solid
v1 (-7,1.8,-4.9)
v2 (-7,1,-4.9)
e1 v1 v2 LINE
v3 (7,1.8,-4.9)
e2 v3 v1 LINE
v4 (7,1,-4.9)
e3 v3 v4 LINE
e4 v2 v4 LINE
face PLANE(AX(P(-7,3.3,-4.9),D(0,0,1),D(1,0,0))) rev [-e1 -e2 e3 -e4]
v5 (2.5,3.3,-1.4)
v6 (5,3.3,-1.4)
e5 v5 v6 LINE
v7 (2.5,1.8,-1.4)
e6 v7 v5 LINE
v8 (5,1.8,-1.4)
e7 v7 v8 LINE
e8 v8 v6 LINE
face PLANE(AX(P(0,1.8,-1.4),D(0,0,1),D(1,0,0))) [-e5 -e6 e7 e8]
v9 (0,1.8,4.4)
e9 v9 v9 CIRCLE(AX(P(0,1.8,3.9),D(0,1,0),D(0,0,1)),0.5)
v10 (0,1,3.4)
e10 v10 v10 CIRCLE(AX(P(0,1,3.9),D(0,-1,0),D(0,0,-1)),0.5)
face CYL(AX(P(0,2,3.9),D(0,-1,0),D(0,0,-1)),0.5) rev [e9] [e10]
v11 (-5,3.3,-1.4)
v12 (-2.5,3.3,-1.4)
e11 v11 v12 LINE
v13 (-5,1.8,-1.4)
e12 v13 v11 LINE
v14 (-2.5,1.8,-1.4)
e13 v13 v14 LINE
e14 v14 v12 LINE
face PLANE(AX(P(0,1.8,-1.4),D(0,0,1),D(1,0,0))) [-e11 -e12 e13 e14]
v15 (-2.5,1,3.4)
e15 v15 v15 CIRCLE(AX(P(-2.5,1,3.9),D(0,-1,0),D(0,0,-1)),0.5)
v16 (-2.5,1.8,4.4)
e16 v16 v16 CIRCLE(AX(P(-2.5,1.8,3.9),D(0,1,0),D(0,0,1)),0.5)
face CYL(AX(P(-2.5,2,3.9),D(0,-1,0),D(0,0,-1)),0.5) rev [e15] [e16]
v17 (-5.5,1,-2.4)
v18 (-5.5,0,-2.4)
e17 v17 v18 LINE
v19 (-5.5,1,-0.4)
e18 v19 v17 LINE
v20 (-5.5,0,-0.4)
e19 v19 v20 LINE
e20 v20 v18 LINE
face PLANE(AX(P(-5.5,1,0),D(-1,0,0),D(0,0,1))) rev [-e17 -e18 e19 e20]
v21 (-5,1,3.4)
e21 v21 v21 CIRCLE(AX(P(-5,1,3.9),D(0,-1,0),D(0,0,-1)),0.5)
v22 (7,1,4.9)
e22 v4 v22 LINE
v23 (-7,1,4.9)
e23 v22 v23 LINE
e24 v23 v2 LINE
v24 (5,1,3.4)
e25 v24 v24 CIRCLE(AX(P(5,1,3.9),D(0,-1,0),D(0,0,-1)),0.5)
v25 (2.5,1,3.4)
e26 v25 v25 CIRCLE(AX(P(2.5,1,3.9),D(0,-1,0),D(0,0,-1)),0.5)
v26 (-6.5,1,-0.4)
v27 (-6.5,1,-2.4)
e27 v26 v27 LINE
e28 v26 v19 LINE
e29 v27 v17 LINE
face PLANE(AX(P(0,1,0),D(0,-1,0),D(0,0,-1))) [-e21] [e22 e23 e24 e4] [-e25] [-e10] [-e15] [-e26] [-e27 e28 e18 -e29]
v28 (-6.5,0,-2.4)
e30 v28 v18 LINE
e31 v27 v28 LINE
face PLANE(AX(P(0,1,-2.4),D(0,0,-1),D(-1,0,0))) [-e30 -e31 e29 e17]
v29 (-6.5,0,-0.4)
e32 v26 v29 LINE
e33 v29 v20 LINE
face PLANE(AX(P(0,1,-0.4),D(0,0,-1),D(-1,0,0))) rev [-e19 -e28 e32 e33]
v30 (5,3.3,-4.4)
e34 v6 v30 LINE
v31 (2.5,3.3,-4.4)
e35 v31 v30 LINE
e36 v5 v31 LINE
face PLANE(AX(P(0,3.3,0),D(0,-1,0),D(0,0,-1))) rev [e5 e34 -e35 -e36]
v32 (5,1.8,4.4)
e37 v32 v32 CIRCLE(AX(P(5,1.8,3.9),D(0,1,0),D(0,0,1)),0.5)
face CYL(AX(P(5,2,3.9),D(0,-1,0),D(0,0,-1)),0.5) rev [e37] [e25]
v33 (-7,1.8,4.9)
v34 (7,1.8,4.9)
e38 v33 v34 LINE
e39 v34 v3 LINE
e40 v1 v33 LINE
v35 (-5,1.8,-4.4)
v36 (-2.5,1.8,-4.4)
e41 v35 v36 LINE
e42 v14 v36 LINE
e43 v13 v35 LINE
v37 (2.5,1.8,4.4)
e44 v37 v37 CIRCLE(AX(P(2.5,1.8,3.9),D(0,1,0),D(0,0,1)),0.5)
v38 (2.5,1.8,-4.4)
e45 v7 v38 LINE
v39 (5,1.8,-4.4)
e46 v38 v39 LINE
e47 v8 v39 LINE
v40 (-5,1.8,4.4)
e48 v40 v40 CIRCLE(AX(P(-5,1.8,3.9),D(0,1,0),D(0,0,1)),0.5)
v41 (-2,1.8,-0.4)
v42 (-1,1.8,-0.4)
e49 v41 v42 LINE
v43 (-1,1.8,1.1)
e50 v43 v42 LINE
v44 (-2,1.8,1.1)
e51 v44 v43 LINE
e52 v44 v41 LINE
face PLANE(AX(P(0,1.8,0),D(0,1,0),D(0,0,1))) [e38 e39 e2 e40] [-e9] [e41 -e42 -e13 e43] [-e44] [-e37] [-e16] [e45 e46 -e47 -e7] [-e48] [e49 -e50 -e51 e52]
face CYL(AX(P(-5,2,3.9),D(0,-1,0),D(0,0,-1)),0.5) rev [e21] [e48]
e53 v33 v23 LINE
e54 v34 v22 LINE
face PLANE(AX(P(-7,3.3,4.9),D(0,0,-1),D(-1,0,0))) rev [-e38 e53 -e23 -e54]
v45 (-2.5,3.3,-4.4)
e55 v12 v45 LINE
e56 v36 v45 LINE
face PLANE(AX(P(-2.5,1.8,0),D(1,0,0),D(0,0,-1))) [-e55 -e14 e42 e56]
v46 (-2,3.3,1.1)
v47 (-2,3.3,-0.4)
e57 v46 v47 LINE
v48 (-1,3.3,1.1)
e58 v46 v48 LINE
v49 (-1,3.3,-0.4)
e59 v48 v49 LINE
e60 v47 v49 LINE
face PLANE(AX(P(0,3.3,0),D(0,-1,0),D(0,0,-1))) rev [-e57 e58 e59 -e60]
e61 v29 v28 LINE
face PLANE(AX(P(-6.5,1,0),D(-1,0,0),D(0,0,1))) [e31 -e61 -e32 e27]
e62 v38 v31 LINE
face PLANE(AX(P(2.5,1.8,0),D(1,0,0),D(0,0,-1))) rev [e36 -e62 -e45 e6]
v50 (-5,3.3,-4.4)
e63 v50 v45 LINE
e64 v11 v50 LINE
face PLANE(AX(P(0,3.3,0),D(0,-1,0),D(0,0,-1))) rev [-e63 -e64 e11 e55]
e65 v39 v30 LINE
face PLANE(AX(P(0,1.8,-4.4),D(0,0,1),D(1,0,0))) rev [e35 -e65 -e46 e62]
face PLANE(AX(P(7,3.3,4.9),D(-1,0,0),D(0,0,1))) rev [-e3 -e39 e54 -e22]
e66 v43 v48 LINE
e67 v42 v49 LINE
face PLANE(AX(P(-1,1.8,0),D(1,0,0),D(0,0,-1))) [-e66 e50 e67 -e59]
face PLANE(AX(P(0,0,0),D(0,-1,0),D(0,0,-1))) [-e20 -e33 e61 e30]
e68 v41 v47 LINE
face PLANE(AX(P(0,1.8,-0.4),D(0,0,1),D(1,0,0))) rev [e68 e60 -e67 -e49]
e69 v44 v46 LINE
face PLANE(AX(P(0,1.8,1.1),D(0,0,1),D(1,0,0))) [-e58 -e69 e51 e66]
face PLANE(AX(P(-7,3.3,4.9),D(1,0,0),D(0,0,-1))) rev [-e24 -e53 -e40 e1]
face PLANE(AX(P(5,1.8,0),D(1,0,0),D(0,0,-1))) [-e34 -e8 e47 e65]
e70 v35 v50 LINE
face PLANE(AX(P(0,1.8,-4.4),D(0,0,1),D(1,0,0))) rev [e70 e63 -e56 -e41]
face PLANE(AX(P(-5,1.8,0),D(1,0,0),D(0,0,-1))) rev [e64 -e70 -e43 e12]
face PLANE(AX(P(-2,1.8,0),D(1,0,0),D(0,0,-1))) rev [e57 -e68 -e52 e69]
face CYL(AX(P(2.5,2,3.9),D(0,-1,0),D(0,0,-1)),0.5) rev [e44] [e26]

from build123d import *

# Parameters (mm, degrees)
SKETCH1_W           = 14
SKETCH1_H           = 9.8
BOSS_EXTRUDE1_DEPTH = 3.3
SKETCH2_W           = 14
SKETCH2_H           = 9.8
SKETCH2_W_2         = 2.5
SKETCH2_H_2         = 3
SKETCH2_W_3         = 1
SKETCH2_H_3         = 1.5
CUT_EXTRUDE1_DEPTH  = 1.5
SKETCH3_W           = 14
SKETCH3_H           = 9.8
SKETCH3_W_2         = 1
SKETCH3_H_2         = 2
CUT_EXTRUDE2_DEPTH  = 1
SKETCH4_R           = 0.5
CUT_EXTRUDE3_DEPTH  = 1


with BuildPart() as part:
    # Sketch1 → Boss-Extrude1 (new body)
    with BuildSketch(Plane(origin=(0, 0, 0), x_dir=(1, 0, 0), z_dir=(0, 1, 0))):
        Rectangle(SKETCH1_W, SKETCH1_H)
    extrude(amount=BOSS_EXTRUDE1_DEPTH)

    # Sketch2 → Cut-Extrude1 (cut)
    with BuildSketch(Plane(origin=(0, 3.3, 0), x_dir=(1, 0, 0), z_dir=(0, 1, 0))):
        Rectangle(SKETCH2_W, SKETCH2_H)
        with Locations((-3.75, 2.9)):
            Rectangle(SKETCH2_W_2, SKETCH2_H_2, mode=Mode.SUBTRACT)
        with Locations((3.75, 2.9)):
            Rectangle(SKETCH2_W_2, SKETCH2_H_2, mode=Mode.SUBTRACT)
        with Locations((-1.5, -0.35)):
            Rectangle(SKETCH2_W_3, SKETCH2_H_3, mode=Mode.SUBTRACT)
    extrude(amount=-CUT_EXTRUDE1_DEPTH, mode=Mode.SUBTRACT)

    # Sketch3 → Cut-Extrude2 (cut)
    with BuildSketch(Plane.XZ):
        Rectangle(SKETCH3_W, SKETCH3_H)
        with Locations((-6, -1.4)):
            Rectangle(SKETCH3_W_2, SKETCH3_H_2, mode=Mode.SUBTRACT)
    extrude(amount=-CUT_EXTRUDE2_DEPTH, mode=Mode.SUBTRACT)

    # Sketch4 → Cut-Extrude3 (cut)
    with BuildSketch(Plane.XZ.offset(-1)):
        with Locations(Location((-5, 3.9, 0), (0, 0, 270))):
            Circle(SKETCH4_R)
        with Locations(Location((-2.5, 3.9, 0), (0, 0, 270))):
            Circle(SKETCH4_R)
        with Locations(Location((0, 3.9, 0), (0, 0, 270))):
            Circle(SKETCH4_R)
        with Locations(Location((2.5, 3.9, 0), (0, 0, 270))):
            Circle(SKETCH4_R)
        with Locations(Location((5, 3.9, 0), (0, 0, 270))):
            Circle(SKETCH4_R)
    extrude(amount=-CUT_EXTRUDE3_DEPTH, mode=Mode.SUBTRACT)


solid = part.part
